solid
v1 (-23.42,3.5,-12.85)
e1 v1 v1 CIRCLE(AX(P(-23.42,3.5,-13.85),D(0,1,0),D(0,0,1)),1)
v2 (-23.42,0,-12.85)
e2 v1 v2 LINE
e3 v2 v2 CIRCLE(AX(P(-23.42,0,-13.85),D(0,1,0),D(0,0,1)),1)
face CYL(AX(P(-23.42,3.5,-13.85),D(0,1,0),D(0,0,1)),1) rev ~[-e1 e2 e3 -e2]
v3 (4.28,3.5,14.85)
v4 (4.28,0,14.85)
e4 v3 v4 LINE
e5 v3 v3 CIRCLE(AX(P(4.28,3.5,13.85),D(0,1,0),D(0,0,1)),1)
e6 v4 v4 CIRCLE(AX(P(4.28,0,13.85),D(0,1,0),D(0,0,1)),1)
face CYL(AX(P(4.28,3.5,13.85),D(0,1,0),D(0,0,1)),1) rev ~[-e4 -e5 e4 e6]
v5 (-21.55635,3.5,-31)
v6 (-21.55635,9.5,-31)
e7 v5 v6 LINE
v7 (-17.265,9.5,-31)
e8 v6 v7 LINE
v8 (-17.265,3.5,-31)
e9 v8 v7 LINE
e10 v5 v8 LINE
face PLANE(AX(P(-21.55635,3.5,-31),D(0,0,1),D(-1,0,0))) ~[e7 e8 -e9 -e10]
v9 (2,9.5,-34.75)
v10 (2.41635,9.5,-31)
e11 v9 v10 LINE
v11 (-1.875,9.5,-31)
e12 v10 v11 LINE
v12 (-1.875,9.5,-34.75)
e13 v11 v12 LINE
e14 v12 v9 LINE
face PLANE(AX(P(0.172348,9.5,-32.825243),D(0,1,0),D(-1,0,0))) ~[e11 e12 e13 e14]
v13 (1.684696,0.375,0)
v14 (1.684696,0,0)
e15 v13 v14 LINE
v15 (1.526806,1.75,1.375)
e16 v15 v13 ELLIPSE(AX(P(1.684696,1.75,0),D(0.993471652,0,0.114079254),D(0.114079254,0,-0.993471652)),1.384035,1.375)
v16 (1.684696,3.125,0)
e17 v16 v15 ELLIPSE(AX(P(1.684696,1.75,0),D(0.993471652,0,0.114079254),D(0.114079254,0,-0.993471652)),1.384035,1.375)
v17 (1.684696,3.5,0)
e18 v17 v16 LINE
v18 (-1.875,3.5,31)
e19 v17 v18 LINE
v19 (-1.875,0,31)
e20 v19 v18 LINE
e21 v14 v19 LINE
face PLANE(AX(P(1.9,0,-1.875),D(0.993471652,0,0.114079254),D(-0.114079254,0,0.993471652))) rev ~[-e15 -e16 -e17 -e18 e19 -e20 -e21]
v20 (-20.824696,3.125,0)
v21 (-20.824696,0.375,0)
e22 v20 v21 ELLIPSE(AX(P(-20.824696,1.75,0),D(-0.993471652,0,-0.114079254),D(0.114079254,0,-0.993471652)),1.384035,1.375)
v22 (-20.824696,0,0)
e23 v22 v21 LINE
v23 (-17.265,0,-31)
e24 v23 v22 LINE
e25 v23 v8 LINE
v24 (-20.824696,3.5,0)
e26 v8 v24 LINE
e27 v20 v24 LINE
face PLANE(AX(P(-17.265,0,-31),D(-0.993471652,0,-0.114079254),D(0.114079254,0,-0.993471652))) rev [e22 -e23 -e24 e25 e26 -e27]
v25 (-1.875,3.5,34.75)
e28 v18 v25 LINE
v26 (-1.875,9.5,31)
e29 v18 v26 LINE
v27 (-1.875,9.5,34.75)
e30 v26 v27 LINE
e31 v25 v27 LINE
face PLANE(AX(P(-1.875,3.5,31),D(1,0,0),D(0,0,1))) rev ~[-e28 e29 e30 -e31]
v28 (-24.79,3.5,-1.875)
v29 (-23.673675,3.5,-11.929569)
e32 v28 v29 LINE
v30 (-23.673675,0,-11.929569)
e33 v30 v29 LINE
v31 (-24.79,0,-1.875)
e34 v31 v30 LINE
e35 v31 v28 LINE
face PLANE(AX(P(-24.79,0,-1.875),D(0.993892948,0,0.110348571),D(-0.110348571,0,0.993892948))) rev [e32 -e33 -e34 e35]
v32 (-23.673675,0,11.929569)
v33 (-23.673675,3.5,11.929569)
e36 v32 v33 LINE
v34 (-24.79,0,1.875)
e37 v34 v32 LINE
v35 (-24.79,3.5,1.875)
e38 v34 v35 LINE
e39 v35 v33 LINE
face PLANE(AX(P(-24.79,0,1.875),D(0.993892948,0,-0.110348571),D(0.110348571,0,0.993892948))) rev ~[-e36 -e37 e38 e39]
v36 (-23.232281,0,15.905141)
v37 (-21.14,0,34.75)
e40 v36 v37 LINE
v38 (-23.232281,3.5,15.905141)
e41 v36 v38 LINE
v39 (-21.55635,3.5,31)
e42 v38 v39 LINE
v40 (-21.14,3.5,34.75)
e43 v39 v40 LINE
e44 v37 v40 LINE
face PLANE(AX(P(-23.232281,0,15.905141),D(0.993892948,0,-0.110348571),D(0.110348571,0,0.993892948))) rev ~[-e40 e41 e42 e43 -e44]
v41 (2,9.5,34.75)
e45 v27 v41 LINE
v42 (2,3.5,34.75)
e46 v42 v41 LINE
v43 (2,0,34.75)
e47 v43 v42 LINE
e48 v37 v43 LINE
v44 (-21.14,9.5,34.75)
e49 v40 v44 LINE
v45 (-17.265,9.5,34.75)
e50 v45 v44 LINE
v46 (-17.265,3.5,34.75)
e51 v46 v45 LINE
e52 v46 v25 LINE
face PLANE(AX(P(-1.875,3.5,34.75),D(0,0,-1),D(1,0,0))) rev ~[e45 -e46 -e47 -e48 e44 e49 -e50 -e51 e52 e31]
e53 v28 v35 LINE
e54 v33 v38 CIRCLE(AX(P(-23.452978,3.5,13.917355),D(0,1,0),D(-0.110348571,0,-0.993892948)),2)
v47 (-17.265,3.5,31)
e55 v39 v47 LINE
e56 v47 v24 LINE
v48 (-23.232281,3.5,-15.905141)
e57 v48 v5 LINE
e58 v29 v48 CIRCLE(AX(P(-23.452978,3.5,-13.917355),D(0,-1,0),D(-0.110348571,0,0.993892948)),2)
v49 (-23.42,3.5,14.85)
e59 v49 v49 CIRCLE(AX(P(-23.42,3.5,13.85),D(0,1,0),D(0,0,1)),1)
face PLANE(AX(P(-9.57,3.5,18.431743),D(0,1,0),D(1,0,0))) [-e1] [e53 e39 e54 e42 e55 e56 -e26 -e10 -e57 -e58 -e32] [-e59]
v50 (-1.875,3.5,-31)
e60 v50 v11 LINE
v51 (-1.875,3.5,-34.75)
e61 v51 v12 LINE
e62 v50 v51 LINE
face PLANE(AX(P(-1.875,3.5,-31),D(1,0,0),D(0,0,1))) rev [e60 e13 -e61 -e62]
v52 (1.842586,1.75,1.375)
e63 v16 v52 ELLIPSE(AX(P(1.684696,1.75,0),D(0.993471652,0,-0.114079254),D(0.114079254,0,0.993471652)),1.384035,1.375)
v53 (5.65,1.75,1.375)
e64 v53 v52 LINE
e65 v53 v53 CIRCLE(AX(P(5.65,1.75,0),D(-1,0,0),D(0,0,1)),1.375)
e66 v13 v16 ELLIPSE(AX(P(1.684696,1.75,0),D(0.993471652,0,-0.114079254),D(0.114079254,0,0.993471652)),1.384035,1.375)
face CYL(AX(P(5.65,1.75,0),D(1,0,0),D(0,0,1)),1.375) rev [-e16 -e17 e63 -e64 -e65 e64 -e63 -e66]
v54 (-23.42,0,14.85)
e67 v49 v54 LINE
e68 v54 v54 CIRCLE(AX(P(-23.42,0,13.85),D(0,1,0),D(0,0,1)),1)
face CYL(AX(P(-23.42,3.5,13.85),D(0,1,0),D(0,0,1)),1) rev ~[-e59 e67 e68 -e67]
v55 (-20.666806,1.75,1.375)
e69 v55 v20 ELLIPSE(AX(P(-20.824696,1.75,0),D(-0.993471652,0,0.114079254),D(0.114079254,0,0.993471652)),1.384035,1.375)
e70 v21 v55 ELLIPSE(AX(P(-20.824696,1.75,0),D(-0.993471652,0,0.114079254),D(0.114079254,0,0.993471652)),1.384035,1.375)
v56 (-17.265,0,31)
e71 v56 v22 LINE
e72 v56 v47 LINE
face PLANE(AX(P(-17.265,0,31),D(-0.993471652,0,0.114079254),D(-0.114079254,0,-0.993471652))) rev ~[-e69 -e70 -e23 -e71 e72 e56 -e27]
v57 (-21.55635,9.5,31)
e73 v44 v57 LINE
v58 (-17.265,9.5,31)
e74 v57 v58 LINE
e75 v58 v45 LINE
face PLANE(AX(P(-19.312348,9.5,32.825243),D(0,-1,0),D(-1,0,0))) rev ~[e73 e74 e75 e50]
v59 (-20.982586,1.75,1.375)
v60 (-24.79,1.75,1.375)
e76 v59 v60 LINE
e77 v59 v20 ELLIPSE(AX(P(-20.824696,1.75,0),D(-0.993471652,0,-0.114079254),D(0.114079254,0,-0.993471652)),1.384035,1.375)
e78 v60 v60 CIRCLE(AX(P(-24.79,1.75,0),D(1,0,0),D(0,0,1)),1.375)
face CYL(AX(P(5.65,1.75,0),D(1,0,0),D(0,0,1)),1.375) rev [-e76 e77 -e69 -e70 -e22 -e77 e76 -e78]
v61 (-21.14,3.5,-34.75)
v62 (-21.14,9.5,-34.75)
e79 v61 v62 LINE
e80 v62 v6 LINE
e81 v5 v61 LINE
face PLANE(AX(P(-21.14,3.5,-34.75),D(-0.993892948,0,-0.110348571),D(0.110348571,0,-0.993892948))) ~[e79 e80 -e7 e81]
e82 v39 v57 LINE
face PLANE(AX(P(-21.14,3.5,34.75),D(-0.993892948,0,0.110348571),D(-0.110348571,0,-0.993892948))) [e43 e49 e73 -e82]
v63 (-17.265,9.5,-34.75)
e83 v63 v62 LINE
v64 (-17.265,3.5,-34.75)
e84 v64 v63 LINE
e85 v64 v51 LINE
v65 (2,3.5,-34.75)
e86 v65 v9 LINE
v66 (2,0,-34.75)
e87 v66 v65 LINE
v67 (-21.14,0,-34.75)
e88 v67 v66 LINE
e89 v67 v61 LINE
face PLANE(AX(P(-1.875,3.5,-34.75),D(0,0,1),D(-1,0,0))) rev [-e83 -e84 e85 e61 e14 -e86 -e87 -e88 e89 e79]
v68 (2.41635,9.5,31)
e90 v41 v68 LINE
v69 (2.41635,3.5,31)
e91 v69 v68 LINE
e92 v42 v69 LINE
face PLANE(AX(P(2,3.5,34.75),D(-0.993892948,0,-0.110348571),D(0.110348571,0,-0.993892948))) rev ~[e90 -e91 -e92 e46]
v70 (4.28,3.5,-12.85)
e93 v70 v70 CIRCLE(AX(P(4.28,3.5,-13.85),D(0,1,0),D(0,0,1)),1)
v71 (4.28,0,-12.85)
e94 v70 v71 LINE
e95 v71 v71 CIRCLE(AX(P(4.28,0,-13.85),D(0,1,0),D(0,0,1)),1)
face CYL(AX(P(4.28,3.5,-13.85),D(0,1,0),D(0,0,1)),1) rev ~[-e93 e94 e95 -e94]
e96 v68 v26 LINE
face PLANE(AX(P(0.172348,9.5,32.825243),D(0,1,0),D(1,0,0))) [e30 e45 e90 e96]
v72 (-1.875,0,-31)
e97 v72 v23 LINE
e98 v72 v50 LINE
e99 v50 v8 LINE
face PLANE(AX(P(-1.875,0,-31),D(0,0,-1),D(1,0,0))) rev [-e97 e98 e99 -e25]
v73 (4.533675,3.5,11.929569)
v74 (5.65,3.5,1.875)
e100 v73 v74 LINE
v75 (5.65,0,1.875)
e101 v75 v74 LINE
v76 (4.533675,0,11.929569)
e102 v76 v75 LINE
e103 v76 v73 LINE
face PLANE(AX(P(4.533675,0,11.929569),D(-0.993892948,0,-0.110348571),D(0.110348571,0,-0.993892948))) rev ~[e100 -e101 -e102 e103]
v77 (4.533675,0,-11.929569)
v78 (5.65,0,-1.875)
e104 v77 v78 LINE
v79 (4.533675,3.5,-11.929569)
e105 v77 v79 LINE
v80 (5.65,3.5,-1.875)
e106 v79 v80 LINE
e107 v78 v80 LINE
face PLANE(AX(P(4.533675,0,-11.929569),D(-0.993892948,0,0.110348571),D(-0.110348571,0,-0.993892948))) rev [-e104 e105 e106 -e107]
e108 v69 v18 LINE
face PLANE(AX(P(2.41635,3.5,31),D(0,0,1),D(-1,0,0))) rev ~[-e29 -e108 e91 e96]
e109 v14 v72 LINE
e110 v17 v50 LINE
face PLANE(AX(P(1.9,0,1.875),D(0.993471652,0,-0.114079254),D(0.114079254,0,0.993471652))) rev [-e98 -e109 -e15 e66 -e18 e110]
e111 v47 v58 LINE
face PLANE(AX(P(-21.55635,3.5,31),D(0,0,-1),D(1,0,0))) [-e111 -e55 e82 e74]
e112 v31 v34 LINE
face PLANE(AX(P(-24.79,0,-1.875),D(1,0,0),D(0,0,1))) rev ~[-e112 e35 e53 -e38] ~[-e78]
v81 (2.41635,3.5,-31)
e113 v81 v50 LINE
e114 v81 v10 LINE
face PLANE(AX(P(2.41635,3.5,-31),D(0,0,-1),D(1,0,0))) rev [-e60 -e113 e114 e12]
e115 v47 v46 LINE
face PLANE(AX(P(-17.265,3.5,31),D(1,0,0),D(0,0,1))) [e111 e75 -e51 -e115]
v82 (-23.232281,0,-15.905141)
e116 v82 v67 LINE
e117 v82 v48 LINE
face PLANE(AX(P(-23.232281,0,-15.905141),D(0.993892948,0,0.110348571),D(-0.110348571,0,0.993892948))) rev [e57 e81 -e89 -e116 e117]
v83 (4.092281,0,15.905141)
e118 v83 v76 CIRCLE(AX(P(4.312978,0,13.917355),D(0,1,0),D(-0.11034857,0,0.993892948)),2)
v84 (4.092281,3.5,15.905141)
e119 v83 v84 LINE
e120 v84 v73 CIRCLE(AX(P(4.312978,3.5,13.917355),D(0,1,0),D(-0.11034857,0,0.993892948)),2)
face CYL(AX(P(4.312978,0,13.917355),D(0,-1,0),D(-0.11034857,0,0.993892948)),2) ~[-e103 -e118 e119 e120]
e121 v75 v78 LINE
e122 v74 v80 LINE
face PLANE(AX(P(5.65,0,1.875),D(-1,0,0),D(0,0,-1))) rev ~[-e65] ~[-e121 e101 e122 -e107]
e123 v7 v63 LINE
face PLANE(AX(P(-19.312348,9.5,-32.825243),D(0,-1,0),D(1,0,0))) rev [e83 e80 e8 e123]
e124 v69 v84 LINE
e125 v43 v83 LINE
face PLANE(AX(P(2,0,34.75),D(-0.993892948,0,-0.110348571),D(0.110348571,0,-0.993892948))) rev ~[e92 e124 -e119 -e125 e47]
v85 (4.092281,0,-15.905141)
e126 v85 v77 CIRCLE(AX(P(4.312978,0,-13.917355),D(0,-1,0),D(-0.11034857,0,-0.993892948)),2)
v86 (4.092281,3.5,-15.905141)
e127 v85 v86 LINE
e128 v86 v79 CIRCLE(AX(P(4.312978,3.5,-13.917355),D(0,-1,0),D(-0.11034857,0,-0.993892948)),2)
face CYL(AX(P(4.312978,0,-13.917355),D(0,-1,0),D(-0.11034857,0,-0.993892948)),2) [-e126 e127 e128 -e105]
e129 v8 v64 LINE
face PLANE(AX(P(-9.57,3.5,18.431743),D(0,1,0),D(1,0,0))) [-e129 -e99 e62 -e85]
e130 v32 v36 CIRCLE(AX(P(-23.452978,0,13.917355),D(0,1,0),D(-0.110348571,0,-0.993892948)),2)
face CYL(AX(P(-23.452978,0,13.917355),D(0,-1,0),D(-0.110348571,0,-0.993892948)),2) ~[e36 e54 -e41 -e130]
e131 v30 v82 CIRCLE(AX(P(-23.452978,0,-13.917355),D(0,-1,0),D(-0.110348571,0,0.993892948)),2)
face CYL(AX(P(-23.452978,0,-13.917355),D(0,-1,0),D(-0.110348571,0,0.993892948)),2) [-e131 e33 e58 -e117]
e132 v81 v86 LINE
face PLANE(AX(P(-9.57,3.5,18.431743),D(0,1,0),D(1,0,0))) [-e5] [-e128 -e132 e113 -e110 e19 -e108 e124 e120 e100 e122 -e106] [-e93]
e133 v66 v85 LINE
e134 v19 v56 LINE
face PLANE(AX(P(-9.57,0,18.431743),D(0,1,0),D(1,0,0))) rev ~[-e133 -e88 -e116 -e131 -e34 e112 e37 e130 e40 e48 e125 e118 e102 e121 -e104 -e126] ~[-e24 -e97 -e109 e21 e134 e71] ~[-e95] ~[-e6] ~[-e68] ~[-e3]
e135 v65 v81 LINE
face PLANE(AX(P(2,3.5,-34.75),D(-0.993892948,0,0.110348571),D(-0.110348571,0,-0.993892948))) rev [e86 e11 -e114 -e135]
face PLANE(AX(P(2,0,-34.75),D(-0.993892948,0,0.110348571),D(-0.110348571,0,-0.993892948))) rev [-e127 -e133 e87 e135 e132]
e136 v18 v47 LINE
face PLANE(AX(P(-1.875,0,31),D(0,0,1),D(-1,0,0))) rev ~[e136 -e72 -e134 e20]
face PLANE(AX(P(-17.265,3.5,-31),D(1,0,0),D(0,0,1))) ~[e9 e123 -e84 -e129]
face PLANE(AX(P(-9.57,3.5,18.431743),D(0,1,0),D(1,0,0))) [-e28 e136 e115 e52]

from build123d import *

# Parameters (mm, degrees)
BOSS_EXTRUDE1_DEPTH = 3.5
SKETCH2_R           = 1.375
CUT_EXTRUDE1_DEPTH  = 47.767592889
BOSS_EXTRUDE5_DEPTH = 6
SKETCH9_R           = 1
CUT_EXTRUDE2_DEPTH  = 10


with BuildPart() as part:
    # Sketch1 → Boss-Extrude1 (new body)
    with BuildSketch(Plane(origin=(0, 0, 0), x_dir=(1, 0, 0), z_dir=(0, 1, 0))):
        with BuildLine():
            Line((5.65, -1.875), (5.65, 1.875))
            Line((5.65, 1.875), (1.9, 1.875))
            Line((1.9, 1.875), (-1.875, -31))
            Line((-1.875, -31), (-17.265, -31))
            Line((-17.265, -31), (-21.04, 1.875))
            Line((-21.04, 1.875), (-24.79, 1.875))
            Line((-24.79, 1.875), (-24.79, -1.875))
            Line((-24.79, -1.875), (-23.673675208, -11.929569188))
            ThreePointArc((-23.673675208, -11.929569188), (-25.440763963, -14.138052226), (-23.232280925, -15.905140982))
            Line((-23.232280925, -15.905140982), (-21.14, -34.75))
            Line((-21.14, -34.75), (-19.14, -34.75))
            Line((-19.14, -34.75), (0, -34.75))
            Line((0, -34.75), (2, -34.75))
            Line((2, -34.75), (4.092280925, -15.905140982))
            ThreePointArc((4.092280925, -15.905140982), (6.300763963, -14.138052226), (4.533675208, -11.929569188))
            Line((4.533675208, -11.929569188), (5.65, -1.875))
        make_face()
    boss_extrude1 = extrude(amount=BOSS_EXTRUDE1_DEPTH)

    # Sketch2 → Cut-Extrude1 (cut, through all)
    with BuildSketch(Plane(origin=(5.65, 0, 0), x_dir=(0, 0, -1), z_dir=(1, 0, 0))):
        with Locations((0, 1.75)):
            Circle(SKETCH2_R)
    cut_extrude1 = extrude(amount=-CUT_EXTRUDE1_DEPTH, mode=Mode.SUBTRACT)

    # Sketch7 → Boss-Extrude5 (add)
    with BuildSketch(Plane(origin=(0, 3.5, 0), x_dir=(1, 0, 0), z_dir=(0, 1, 0))):
        Polygon((-1.875, -31), (-1.875, -34.75), (2, -34.75), (2.41634981, -31), align=None)
        Polygon((-21.55634981, -31), (-17.265, -31), (-17.265, -34.75), (-21.14, -34.75), align=None)
    boss_extrude5 = extrude(amount=BOSS_EXTRUDE5_DEPTH)

    # Mirror46: Boss-Extrude1, Cut-Extrude1, Boss-Extrude5 across plane
    add(boss_extrude1.mirror(Plane.XY))
    add(cut_extrude1.mirror(Plane.XY), mode=Mode.SUBTRACT)
    add(boss_extrude5.mirror(Plane.XY))

    # Sketch9 → Cut-Extrude2 (cut)
    with BuildSketch(Plane(origin=(0, 3.5, 0), x_dir=(1, 0, 0), z_dir=(0, 1, 0))):
        with Locations(Location((4.28, 13.85, 0), (0, 0, 270))):
            Circle(SKETCH9_R)
        with Locations(Location((-23.42, 13.85, 0), (0, 0, 270))):
            Circle(SKETCH9_R)
        with Locations(Location((-23.42, -13.85, 0), (0, 0, 270))):
            Circle(SKETCH9_R)
        with Locations(Location((4.28, -13.85, 0), (0, 0, 270))):
            Circle(SKETCH9_R)
    extrude(amount=-CUT_EXTRUDE2_DEPTH, mode=Mode.SUBTRACT)


solid = part.part
